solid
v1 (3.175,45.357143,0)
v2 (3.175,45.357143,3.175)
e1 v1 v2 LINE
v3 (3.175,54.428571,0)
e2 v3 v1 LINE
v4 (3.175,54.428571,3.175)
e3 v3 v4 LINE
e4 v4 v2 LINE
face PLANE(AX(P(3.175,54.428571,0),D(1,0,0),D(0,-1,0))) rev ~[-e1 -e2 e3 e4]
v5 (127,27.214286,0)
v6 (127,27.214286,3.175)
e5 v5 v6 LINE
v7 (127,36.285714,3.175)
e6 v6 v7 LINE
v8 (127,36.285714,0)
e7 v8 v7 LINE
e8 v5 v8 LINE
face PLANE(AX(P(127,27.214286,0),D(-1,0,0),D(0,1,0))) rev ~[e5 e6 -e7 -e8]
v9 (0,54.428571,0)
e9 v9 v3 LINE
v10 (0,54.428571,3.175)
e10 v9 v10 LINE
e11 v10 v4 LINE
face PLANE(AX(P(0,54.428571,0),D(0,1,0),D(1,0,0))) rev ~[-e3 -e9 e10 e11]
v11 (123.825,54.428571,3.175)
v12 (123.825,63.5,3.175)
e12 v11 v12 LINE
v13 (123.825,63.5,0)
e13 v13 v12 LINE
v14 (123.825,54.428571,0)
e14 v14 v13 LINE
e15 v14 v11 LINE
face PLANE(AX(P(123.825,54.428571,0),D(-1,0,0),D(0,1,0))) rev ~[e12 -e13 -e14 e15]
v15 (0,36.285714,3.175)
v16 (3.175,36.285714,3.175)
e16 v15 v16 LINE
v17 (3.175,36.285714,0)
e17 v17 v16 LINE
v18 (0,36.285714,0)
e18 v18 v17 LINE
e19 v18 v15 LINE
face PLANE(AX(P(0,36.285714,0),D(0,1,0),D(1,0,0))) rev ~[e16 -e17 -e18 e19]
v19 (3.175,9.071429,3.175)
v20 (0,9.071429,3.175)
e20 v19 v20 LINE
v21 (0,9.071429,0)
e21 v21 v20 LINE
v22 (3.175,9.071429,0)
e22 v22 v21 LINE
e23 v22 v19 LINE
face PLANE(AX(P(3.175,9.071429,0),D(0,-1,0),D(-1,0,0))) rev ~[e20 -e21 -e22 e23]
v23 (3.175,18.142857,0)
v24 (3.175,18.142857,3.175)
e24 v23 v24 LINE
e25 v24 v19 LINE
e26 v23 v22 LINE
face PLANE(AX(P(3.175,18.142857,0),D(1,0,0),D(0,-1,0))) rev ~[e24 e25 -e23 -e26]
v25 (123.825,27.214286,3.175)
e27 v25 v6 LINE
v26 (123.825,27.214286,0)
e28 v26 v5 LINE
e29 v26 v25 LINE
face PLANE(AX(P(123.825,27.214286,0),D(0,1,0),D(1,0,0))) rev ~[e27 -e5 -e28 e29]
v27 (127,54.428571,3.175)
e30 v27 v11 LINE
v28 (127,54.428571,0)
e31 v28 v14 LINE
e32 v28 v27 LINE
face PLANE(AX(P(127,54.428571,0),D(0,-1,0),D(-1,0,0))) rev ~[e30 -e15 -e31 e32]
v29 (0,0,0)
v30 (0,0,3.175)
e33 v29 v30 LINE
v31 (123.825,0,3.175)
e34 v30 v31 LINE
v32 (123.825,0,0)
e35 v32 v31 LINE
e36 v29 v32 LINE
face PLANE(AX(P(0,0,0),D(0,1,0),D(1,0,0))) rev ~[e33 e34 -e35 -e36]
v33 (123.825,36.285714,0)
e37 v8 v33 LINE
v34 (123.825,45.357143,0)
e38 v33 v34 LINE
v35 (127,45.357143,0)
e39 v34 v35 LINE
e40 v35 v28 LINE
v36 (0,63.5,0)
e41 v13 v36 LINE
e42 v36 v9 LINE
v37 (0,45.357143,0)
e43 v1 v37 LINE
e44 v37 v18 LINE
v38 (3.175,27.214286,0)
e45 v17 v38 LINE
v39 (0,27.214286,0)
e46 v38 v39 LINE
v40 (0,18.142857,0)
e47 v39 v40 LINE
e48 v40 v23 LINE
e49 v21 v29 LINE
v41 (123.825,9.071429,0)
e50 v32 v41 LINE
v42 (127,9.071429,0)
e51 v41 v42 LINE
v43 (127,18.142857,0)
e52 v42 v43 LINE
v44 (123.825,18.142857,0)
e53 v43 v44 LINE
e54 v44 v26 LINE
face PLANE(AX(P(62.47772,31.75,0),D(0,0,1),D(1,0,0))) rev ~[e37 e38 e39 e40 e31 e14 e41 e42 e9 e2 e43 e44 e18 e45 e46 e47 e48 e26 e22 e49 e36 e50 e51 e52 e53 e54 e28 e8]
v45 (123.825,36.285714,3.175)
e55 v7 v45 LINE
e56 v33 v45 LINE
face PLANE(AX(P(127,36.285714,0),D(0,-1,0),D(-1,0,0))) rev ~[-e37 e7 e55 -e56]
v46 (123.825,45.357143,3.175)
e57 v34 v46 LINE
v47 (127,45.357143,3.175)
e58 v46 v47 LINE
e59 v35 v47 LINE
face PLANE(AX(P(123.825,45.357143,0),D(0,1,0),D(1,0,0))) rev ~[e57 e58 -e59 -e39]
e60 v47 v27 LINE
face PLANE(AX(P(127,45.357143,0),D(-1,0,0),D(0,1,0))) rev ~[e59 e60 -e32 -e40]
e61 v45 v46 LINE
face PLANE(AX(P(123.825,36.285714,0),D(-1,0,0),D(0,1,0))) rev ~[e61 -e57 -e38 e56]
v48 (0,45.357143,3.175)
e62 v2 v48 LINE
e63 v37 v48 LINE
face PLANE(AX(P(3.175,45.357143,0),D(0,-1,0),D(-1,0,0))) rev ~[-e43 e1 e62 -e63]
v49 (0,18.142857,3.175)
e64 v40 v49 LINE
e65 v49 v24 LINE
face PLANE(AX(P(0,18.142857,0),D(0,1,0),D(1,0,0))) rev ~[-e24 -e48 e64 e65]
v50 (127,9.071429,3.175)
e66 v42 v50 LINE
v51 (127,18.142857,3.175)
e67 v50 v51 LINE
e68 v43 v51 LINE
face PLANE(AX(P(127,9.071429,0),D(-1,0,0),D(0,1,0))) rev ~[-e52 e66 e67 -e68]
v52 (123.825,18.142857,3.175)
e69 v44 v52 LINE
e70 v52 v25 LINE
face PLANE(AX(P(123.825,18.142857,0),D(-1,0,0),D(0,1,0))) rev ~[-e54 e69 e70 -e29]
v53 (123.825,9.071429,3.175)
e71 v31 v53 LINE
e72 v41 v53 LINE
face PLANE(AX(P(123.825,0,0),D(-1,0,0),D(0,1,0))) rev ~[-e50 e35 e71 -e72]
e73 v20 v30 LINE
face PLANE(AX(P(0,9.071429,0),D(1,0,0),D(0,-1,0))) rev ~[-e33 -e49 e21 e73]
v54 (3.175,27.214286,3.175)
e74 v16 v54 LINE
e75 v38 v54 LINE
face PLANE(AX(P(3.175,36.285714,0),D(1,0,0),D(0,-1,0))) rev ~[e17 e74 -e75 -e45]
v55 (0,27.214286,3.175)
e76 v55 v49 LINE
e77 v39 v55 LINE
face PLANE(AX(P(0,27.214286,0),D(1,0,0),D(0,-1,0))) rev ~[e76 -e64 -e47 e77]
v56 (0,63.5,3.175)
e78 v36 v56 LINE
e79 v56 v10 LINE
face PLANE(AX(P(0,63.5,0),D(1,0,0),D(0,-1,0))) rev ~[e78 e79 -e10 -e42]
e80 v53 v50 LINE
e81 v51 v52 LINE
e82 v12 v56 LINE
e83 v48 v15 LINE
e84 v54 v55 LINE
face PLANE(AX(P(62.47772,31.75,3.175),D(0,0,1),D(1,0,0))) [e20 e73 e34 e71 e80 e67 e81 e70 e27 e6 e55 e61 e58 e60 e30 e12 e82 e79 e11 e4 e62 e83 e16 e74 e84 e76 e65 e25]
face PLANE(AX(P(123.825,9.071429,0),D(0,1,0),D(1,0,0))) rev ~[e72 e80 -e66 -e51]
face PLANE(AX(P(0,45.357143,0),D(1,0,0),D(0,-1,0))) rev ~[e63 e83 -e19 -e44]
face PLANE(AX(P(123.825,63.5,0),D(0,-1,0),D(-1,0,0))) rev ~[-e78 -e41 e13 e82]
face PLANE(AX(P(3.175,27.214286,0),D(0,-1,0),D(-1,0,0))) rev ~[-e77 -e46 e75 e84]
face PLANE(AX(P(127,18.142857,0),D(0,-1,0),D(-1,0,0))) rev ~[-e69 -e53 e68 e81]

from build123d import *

# Parameters (mm, degrees)
F1_DEPTH = 3.175


with BuildPart() as f1:
    # F0 (on Top) → F1 (new body)
    with BuildSketch(Plane.XY):
        Polygon((0, 9.071429), (0, 0), (123.825, 0), (123.825, 9.071429), (127, 9.071429), (127, 18.142857), (123.825, 18.142857), (123.825, 27.214286), (127, 27.214286), (127, 36.285714), (123.825, 36.285714), (123.825, 45.357143), (127, 45.357143), (127, 54.428571), (123.825, 54.428571), (123.825, 63.5), (0, 63.5), (0, 54.428571), (3.175, 54.428571), (3.175, 45.357143), (0, 45.357143), (0, 36.285714), (3.175, 36.285714), (3.175, 27.214286), (0, 27.214286), (0, 18.142857), (3.175, 18.142857), (3.175, 9.071429), align=None)
    extrude(amount=F1_DEPTH)


solid = f1.part
